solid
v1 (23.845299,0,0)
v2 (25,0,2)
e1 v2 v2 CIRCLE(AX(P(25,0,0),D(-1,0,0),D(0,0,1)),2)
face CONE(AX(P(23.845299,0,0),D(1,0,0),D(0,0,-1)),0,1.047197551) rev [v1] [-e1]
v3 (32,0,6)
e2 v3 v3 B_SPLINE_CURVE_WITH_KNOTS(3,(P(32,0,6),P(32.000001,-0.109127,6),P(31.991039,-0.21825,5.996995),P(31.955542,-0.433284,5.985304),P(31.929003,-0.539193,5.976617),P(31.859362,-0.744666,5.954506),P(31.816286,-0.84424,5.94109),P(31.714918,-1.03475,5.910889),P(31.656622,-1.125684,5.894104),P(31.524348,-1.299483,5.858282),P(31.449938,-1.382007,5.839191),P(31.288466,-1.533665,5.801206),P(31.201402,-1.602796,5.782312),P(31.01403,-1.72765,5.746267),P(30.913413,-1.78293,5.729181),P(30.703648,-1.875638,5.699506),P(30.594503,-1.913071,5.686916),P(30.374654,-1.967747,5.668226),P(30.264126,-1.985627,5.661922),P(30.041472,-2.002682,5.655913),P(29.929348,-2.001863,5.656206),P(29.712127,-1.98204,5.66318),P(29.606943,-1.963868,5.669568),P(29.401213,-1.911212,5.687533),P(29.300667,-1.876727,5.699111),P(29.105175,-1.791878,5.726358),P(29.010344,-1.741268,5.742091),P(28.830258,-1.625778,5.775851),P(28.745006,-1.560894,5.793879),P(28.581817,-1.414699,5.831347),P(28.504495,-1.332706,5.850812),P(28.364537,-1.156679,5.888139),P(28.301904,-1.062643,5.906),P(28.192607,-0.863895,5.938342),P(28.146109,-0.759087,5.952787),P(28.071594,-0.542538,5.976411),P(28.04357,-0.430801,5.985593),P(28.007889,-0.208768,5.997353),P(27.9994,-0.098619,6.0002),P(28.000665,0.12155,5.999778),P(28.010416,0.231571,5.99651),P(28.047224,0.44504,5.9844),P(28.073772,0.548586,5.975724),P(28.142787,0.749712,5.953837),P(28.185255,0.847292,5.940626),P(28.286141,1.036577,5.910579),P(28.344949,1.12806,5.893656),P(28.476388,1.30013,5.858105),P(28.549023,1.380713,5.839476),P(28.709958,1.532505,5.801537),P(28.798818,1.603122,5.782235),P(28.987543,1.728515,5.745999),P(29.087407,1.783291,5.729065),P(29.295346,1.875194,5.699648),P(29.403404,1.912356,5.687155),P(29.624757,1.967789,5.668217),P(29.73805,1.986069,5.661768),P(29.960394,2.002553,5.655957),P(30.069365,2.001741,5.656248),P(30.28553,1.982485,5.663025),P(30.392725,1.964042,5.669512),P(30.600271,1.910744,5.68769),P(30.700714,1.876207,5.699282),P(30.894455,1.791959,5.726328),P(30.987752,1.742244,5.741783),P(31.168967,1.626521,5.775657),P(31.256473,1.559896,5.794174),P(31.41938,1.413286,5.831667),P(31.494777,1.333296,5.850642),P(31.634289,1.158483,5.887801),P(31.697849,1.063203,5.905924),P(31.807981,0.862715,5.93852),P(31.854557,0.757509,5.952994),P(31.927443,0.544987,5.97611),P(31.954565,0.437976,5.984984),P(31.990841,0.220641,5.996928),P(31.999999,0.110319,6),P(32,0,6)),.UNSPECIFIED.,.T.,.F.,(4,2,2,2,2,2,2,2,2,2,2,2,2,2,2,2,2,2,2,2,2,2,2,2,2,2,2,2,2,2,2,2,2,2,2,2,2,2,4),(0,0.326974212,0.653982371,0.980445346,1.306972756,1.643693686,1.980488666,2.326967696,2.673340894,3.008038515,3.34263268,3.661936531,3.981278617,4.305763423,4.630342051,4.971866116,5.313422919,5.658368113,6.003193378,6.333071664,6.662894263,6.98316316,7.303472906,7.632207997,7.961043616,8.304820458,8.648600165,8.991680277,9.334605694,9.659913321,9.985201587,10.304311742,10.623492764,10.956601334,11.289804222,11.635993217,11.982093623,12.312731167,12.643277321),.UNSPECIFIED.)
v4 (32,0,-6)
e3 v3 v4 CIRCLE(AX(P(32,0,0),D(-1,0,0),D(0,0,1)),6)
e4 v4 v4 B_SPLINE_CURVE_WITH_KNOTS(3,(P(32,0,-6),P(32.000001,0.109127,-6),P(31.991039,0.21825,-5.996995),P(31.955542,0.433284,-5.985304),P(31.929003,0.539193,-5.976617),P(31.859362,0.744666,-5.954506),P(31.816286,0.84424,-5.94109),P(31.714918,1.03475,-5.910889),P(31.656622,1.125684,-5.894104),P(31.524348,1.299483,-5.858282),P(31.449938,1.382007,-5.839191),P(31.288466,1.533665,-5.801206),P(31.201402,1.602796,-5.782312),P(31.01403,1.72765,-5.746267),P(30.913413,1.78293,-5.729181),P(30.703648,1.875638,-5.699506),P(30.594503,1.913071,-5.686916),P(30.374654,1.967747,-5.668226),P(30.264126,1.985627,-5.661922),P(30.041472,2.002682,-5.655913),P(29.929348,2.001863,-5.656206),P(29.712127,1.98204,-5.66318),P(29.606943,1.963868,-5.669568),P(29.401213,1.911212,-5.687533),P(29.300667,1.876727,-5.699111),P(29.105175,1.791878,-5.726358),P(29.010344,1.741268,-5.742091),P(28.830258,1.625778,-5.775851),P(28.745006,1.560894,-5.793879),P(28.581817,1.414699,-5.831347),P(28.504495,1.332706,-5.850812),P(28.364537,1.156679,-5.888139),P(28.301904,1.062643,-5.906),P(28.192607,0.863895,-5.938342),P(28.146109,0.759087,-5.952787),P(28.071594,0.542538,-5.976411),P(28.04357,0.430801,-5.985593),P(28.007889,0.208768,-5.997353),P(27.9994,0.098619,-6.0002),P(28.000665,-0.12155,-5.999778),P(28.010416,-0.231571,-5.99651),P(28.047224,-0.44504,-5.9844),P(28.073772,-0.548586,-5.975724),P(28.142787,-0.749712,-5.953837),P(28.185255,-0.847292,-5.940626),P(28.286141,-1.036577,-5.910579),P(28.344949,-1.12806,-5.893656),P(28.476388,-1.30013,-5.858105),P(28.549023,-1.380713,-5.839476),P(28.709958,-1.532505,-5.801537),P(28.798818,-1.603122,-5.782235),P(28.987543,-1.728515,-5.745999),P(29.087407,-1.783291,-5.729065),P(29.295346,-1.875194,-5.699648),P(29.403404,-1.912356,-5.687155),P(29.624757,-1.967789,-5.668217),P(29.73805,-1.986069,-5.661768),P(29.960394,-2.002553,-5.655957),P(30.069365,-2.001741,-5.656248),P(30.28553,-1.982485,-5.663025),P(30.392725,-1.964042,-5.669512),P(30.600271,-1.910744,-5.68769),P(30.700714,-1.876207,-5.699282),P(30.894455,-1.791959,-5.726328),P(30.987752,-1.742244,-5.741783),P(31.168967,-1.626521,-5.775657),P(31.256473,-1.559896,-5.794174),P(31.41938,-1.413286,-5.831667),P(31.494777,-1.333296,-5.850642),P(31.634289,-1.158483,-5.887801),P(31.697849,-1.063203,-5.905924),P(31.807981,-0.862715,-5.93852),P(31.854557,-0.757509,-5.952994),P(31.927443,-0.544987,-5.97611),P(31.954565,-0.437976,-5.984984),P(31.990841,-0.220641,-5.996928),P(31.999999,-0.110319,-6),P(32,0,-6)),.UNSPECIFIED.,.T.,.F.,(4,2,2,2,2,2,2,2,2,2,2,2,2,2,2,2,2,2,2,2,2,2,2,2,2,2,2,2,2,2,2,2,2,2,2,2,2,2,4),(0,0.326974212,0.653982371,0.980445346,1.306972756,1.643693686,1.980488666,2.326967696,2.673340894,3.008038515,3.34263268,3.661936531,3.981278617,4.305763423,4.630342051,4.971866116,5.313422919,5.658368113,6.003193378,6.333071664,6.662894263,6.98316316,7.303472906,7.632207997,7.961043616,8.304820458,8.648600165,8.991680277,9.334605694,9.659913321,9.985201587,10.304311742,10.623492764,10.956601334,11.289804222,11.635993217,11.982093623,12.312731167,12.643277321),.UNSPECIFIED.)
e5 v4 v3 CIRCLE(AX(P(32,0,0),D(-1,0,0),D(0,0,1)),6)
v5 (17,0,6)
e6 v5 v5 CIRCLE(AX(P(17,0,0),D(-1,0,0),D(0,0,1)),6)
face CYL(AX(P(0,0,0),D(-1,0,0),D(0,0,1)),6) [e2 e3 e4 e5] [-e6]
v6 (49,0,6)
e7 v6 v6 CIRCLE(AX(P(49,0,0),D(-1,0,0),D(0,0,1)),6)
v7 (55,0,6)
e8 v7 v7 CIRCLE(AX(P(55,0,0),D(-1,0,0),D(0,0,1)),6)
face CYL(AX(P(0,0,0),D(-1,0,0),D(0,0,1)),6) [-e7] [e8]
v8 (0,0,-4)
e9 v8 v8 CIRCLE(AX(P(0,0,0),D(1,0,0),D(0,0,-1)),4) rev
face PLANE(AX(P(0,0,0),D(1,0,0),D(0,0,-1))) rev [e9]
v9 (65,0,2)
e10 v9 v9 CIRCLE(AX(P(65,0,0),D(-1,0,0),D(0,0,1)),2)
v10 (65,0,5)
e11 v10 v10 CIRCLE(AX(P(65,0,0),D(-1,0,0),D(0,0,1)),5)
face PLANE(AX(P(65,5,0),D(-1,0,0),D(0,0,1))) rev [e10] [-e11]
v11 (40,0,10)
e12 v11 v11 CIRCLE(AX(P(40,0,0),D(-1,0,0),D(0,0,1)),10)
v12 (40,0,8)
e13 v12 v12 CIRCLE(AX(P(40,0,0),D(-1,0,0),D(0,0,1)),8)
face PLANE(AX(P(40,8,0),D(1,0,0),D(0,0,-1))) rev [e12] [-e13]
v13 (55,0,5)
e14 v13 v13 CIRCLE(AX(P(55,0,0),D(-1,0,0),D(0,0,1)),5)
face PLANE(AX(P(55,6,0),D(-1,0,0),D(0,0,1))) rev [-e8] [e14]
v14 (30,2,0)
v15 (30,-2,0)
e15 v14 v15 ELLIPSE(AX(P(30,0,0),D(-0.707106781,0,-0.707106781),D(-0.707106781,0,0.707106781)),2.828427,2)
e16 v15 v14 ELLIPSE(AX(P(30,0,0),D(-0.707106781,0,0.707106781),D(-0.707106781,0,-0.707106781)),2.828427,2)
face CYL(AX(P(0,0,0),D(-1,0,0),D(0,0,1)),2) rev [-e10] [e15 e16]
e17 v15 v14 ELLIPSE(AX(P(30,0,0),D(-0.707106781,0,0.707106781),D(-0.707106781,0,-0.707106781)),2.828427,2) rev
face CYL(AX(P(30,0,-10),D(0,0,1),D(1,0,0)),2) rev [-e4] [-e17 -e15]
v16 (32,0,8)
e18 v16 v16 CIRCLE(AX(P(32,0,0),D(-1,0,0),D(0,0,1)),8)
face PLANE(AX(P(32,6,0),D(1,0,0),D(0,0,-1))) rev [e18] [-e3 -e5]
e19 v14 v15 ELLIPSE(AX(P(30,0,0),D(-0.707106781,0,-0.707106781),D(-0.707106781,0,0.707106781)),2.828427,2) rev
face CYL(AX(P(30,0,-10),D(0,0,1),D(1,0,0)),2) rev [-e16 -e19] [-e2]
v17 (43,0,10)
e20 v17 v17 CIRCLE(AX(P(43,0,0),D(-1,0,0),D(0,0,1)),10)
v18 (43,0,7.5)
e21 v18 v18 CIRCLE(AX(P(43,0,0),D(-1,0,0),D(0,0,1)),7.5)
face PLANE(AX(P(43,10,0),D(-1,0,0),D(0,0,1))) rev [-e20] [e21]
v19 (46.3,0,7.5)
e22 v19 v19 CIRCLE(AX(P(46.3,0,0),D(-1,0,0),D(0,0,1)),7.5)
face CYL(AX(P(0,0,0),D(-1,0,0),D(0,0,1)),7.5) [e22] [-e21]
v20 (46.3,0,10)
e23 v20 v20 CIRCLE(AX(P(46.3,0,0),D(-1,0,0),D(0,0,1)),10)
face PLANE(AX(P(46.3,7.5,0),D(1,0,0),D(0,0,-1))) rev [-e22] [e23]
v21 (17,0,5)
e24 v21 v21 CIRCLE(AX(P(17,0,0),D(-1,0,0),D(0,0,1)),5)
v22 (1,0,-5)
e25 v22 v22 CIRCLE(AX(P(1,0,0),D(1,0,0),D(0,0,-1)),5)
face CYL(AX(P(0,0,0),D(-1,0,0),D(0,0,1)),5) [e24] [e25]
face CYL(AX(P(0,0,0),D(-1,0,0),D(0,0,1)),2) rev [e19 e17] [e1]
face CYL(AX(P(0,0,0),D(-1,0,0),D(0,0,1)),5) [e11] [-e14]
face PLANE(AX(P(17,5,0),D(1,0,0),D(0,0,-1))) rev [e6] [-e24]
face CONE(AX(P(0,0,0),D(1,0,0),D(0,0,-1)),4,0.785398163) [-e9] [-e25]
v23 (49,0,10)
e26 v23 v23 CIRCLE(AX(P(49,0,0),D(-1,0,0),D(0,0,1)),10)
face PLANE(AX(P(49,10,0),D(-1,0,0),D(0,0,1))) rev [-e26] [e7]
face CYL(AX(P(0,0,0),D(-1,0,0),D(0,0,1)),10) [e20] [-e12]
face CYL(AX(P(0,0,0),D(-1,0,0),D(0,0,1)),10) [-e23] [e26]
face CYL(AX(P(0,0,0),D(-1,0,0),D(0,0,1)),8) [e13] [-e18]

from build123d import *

# Parameters (mm, degrees)
CUT_EXTRUDE_1_DEPTH      = 67.520673478
CUT_EXTRUDE_1_DEPTH_BACK = 67.520673478
SKETCH_2_R               = 2
CHAMFER_1_SIZE           = 1


with BuildPart() as part:
    # Эскиз1 → Повернуть1 (revolve)
    with BuildSketch(Plane.XY, mode=Mode.PRIVATE) as revolve_1_sk:
        Polygon((0, 0), (0, 5), (17, 5), (17, 6), (32, 6), (32, 8), (40, 8), (40, 10), (43, 10), (43, 7.5), (46.3, 7.5), (46.3, 10), (49, 10), (49, 6), (55, 6), (55, 5), (65, 5), (65, 2), (25, 2), (23.845299462, 0), align=None)
    revolve(revolve_1_sk.sketch.rotate(Axis((0, 0, 0), (1, 0, 0)), 90), axis=Axis((0, 0, 0), (1, 0, 0)))

    # Эскиз2 → Вырез-Вытянуть1 (cut, two sides: drawn at the far end of the back side and taken through both)
    with BuildSketch(Plane.XY.offset(-CUT_EXTRUDE_1_DEPTH_BACK)):
        with Locations((30, 0)):
            Circle(SKETCH_2_R)
    extrude(amount=CUT_EXTRUDE_1_DEPTH + CUT_EXTRUDE_1_DEPTH_BACK, mode=Mode.SUBTRACT)

    # Фаска1
    chamfer_1_edges = [part.edges().sort_by_distance(p)[0] for p in [
        (0, 0, -5),
    ]]
    chamfer(chamfer_1_edges, length=CHAMFER_1_SIZE)


solid = part.part
